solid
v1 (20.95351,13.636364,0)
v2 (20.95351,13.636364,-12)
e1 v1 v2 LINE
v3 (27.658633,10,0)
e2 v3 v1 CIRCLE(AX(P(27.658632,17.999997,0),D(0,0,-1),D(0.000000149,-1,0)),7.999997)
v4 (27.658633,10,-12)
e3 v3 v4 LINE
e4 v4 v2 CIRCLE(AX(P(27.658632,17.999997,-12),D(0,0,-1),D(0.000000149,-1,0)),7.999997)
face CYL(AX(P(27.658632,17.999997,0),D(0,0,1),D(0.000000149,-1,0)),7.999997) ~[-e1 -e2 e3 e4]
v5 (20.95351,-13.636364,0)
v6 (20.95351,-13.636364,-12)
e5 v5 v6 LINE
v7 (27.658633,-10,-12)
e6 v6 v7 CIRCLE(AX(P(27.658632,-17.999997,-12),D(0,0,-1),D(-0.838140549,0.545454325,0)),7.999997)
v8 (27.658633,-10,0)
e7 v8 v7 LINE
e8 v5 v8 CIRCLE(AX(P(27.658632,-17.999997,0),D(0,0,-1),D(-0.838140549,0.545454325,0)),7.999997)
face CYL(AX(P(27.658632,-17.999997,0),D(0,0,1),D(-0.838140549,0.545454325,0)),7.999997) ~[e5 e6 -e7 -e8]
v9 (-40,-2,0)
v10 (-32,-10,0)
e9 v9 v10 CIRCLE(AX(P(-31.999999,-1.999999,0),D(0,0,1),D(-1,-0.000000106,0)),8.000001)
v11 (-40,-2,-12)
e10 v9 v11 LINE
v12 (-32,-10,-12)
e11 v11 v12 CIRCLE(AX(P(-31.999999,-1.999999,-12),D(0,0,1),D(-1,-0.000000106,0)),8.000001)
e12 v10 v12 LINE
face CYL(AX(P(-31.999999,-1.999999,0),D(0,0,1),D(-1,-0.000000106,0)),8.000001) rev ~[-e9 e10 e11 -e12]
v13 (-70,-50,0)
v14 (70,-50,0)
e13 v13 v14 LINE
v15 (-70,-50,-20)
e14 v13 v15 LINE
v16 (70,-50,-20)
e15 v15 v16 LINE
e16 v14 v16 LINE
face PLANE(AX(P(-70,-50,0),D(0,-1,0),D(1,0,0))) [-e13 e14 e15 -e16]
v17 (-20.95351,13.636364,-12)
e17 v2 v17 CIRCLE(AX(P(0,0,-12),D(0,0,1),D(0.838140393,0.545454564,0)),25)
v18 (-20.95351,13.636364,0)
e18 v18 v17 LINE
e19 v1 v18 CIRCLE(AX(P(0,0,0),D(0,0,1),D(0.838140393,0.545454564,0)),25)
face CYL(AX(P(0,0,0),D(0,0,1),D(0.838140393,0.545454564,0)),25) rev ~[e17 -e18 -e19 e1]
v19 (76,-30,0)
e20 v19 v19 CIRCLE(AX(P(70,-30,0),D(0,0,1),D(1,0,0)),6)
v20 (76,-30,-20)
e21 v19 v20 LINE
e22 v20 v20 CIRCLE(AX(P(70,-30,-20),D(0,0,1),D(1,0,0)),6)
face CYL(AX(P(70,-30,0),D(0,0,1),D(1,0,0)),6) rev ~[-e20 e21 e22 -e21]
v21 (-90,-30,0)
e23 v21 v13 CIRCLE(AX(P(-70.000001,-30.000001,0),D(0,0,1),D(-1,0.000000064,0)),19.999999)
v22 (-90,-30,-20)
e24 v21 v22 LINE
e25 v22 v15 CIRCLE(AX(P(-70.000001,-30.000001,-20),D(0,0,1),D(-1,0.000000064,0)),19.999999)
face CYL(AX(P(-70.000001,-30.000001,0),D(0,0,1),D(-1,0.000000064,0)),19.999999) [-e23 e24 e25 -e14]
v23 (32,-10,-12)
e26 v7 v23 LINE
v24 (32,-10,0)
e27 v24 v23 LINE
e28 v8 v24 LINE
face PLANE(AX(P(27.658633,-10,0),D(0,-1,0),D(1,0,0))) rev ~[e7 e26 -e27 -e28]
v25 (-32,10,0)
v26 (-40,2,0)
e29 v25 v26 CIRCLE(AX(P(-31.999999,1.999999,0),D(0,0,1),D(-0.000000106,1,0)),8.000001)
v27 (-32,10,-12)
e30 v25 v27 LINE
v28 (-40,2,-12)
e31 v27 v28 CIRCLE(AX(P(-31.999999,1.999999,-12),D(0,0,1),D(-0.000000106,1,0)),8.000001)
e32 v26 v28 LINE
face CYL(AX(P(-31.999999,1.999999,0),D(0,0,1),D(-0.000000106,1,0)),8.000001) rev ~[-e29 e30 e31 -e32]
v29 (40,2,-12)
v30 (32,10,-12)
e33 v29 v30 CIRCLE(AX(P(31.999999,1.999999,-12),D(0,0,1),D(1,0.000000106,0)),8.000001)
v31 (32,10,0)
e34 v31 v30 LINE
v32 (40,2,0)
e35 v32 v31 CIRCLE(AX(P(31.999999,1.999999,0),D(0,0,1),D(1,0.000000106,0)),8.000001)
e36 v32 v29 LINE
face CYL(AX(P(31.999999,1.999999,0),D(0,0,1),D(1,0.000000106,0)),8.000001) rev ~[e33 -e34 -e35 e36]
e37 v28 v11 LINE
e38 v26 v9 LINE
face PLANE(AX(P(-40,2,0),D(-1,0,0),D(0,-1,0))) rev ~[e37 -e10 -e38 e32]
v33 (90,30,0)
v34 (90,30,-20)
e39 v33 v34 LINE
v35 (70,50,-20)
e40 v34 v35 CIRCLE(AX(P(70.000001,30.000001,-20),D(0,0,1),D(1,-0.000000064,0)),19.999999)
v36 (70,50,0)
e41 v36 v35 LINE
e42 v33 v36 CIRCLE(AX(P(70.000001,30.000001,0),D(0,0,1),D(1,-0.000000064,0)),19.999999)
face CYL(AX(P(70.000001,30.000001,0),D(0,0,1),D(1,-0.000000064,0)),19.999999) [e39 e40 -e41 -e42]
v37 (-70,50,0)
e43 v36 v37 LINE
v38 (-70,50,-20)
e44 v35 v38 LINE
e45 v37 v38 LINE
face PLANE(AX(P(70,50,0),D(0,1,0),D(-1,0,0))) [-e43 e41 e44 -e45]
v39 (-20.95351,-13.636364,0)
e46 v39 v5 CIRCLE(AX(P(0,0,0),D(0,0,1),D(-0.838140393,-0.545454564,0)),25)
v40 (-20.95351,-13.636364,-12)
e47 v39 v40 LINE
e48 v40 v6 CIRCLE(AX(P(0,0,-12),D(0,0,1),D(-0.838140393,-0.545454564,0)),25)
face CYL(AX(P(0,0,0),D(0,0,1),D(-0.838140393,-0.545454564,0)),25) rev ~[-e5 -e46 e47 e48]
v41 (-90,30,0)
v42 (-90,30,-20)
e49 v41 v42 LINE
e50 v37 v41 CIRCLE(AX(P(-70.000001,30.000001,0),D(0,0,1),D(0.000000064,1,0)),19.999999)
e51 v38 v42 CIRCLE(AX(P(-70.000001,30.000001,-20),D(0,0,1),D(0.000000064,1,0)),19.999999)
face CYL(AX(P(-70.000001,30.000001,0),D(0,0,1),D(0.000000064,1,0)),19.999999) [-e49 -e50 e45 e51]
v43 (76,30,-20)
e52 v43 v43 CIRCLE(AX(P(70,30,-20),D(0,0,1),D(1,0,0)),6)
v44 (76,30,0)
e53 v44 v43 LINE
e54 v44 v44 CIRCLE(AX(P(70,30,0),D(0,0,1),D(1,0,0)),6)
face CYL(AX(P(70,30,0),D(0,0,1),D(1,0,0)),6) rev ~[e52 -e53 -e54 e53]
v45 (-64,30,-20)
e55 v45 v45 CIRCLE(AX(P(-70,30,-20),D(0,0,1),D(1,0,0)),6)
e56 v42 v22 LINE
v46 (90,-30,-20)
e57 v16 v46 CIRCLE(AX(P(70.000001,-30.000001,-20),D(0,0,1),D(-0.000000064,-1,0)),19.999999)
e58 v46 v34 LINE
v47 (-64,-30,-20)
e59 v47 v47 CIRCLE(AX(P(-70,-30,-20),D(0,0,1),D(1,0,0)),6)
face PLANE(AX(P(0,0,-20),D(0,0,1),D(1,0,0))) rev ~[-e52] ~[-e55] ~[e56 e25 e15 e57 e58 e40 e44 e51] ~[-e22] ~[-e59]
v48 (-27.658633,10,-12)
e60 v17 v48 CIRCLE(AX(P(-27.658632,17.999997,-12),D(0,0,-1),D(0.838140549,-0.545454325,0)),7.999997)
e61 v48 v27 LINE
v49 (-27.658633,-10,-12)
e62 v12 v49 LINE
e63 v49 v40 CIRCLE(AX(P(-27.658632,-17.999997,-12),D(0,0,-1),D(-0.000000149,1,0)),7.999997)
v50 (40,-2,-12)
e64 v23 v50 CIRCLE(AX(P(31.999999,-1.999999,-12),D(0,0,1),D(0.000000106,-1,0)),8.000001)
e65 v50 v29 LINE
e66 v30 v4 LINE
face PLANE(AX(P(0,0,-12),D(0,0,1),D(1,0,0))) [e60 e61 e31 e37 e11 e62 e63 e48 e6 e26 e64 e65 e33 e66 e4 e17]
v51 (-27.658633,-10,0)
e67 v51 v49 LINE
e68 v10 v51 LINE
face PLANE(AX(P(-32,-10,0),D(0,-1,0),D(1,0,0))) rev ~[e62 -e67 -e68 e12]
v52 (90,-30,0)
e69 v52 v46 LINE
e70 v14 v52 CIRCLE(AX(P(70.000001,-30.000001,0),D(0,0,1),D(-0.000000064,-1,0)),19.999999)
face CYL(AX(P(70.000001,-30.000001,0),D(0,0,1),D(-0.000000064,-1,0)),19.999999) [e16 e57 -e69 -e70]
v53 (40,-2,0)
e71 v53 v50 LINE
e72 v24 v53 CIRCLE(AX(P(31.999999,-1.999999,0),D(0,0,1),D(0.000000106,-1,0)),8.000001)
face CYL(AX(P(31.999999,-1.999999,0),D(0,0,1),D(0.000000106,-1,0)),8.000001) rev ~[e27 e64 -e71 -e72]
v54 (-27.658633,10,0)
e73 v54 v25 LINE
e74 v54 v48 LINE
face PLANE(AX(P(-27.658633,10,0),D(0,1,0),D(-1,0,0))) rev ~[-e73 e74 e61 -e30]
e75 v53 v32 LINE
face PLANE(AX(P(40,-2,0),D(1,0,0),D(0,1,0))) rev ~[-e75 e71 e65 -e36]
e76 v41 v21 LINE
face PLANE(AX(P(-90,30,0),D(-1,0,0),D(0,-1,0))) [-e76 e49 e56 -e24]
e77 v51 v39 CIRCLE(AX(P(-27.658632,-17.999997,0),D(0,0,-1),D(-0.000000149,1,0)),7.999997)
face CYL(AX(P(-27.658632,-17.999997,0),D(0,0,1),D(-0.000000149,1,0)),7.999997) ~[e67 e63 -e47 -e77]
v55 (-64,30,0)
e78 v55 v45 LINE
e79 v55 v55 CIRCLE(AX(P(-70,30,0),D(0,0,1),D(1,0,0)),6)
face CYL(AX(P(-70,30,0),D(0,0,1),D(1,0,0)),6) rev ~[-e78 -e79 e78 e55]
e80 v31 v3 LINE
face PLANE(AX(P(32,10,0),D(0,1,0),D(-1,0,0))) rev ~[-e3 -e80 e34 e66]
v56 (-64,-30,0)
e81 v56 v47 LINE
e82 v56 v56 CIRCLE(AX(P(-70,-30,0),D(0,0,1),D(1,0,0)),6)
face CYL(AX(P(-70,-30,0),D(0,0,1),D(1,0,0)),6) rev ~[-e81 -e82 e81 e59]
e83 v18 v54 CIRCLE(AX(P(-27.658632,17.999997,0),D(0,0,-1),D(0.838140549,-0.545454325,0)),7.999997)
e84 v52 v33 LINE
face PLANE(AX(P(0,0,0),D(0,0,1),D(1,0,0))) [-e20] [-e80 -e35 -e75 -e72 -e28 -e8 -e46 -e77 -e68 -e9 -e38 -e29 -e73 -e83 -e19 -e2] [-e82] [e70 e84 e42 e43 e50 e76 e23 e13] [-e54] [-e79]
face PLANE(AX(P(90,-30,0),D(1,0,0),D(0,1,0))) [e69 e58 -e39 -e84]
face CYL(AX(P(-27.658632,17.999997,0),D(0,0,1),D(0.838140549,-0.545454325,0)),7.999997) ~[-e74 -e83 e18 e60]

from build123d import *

# Parameters (mm, degrees)
F1_DEPTH = 20
F2_R     = 6
F3_DEPTH = 25
F5_DEPTH = 12


with BuildPart() as f1:
    # F0 (on Top) → F1 (new body)
    with BuildSketch(Plane.XY):
        with BuildLine():
            ThreePointArc((90, 30), (84.142136, 44.142136), (70, 50))
            Line((70, 50), (-70, 50))
            ThreePointArc((-70, 50), (-84.142136, 44.142136), (-90, 30))
            Line((-90, 30), (-90, -30))
            ThreePointArc((-90, -30), (-84.142136, -44.142136), (-70, -50))
            Line((-70, -50), (70, -50))
            ThreePointArc((70, -50), (84.142136, -44.142136), (90, -30))
            Line((90, -30), (90, 30))
        make_face()
    extrude(amount=-F1_DEPTH)

    # F2 (on face) → F3 (cut)
    with BuildSketch(Plane.XY):
        with Locations((70, 30)):
            Circle(F2_R)
        with Locations((-70, 30)):
            Circle(F2_R)
        with Locations((70, -30)):
            Circle(F2_R)
        with Locations((-70, -30)):
            Circle(F2_R)
    extrude(amount=-F3_DEPTH, mode=Mode.SUBTRACT)

    # F4 (on face) → F5 (cut)
    with BuildSketch(Plane.XY):
        with BuildLine():
            Line((27.658633, -10), (32, -10))
            ThreePointArc((32, -10), (37.656854, -7.656854), (40, -2))
            Line((40, -2), (40, 2))
            ThreePointArc((40, 2), (37.656854, 7.656854), (32, 10))
            Line((32, 10), (27.658633, 10))
            ThreePointArc((27.658633, 10), (23.844783, 10.967607), (20.95351, 13.636364))
            ThreePointArc((20.95351, 13.636364), (0, 25), (-20.95351, 13.636364))
            ThreePointArc((-20.95351, 13.636364), (-23.844783, 10.967607), (-27.658633, 10))
            Line((-27.658633, 10), (-32, 10))
            ThreePointArc((-32, 10), (-37.656854, 7.656854), (-40, 2))
            Line((-40, 2), (-40, -2))
            ThreePointArc((-40, -2), (-37.656854, -7.656854), (-32, -10))
            Line((-32, -10), (-27.658633, -10))
            ThreePointArc((-27.658633, -10), (-23.844783, -10.967607), (-20.95351, -13.636364))
            ThreePointArc((-20.95351, -13.636364), (0, -25), (20.95351, -13.636364))
            ThreePointArc((20.95351, -13.636364), (23.844783, -10.967607), (27.658633, -10))
        make_face()
    extrude(amount=-F5_DEPTH, mode=Mode.SUBTRACT)


solid = f1.part
